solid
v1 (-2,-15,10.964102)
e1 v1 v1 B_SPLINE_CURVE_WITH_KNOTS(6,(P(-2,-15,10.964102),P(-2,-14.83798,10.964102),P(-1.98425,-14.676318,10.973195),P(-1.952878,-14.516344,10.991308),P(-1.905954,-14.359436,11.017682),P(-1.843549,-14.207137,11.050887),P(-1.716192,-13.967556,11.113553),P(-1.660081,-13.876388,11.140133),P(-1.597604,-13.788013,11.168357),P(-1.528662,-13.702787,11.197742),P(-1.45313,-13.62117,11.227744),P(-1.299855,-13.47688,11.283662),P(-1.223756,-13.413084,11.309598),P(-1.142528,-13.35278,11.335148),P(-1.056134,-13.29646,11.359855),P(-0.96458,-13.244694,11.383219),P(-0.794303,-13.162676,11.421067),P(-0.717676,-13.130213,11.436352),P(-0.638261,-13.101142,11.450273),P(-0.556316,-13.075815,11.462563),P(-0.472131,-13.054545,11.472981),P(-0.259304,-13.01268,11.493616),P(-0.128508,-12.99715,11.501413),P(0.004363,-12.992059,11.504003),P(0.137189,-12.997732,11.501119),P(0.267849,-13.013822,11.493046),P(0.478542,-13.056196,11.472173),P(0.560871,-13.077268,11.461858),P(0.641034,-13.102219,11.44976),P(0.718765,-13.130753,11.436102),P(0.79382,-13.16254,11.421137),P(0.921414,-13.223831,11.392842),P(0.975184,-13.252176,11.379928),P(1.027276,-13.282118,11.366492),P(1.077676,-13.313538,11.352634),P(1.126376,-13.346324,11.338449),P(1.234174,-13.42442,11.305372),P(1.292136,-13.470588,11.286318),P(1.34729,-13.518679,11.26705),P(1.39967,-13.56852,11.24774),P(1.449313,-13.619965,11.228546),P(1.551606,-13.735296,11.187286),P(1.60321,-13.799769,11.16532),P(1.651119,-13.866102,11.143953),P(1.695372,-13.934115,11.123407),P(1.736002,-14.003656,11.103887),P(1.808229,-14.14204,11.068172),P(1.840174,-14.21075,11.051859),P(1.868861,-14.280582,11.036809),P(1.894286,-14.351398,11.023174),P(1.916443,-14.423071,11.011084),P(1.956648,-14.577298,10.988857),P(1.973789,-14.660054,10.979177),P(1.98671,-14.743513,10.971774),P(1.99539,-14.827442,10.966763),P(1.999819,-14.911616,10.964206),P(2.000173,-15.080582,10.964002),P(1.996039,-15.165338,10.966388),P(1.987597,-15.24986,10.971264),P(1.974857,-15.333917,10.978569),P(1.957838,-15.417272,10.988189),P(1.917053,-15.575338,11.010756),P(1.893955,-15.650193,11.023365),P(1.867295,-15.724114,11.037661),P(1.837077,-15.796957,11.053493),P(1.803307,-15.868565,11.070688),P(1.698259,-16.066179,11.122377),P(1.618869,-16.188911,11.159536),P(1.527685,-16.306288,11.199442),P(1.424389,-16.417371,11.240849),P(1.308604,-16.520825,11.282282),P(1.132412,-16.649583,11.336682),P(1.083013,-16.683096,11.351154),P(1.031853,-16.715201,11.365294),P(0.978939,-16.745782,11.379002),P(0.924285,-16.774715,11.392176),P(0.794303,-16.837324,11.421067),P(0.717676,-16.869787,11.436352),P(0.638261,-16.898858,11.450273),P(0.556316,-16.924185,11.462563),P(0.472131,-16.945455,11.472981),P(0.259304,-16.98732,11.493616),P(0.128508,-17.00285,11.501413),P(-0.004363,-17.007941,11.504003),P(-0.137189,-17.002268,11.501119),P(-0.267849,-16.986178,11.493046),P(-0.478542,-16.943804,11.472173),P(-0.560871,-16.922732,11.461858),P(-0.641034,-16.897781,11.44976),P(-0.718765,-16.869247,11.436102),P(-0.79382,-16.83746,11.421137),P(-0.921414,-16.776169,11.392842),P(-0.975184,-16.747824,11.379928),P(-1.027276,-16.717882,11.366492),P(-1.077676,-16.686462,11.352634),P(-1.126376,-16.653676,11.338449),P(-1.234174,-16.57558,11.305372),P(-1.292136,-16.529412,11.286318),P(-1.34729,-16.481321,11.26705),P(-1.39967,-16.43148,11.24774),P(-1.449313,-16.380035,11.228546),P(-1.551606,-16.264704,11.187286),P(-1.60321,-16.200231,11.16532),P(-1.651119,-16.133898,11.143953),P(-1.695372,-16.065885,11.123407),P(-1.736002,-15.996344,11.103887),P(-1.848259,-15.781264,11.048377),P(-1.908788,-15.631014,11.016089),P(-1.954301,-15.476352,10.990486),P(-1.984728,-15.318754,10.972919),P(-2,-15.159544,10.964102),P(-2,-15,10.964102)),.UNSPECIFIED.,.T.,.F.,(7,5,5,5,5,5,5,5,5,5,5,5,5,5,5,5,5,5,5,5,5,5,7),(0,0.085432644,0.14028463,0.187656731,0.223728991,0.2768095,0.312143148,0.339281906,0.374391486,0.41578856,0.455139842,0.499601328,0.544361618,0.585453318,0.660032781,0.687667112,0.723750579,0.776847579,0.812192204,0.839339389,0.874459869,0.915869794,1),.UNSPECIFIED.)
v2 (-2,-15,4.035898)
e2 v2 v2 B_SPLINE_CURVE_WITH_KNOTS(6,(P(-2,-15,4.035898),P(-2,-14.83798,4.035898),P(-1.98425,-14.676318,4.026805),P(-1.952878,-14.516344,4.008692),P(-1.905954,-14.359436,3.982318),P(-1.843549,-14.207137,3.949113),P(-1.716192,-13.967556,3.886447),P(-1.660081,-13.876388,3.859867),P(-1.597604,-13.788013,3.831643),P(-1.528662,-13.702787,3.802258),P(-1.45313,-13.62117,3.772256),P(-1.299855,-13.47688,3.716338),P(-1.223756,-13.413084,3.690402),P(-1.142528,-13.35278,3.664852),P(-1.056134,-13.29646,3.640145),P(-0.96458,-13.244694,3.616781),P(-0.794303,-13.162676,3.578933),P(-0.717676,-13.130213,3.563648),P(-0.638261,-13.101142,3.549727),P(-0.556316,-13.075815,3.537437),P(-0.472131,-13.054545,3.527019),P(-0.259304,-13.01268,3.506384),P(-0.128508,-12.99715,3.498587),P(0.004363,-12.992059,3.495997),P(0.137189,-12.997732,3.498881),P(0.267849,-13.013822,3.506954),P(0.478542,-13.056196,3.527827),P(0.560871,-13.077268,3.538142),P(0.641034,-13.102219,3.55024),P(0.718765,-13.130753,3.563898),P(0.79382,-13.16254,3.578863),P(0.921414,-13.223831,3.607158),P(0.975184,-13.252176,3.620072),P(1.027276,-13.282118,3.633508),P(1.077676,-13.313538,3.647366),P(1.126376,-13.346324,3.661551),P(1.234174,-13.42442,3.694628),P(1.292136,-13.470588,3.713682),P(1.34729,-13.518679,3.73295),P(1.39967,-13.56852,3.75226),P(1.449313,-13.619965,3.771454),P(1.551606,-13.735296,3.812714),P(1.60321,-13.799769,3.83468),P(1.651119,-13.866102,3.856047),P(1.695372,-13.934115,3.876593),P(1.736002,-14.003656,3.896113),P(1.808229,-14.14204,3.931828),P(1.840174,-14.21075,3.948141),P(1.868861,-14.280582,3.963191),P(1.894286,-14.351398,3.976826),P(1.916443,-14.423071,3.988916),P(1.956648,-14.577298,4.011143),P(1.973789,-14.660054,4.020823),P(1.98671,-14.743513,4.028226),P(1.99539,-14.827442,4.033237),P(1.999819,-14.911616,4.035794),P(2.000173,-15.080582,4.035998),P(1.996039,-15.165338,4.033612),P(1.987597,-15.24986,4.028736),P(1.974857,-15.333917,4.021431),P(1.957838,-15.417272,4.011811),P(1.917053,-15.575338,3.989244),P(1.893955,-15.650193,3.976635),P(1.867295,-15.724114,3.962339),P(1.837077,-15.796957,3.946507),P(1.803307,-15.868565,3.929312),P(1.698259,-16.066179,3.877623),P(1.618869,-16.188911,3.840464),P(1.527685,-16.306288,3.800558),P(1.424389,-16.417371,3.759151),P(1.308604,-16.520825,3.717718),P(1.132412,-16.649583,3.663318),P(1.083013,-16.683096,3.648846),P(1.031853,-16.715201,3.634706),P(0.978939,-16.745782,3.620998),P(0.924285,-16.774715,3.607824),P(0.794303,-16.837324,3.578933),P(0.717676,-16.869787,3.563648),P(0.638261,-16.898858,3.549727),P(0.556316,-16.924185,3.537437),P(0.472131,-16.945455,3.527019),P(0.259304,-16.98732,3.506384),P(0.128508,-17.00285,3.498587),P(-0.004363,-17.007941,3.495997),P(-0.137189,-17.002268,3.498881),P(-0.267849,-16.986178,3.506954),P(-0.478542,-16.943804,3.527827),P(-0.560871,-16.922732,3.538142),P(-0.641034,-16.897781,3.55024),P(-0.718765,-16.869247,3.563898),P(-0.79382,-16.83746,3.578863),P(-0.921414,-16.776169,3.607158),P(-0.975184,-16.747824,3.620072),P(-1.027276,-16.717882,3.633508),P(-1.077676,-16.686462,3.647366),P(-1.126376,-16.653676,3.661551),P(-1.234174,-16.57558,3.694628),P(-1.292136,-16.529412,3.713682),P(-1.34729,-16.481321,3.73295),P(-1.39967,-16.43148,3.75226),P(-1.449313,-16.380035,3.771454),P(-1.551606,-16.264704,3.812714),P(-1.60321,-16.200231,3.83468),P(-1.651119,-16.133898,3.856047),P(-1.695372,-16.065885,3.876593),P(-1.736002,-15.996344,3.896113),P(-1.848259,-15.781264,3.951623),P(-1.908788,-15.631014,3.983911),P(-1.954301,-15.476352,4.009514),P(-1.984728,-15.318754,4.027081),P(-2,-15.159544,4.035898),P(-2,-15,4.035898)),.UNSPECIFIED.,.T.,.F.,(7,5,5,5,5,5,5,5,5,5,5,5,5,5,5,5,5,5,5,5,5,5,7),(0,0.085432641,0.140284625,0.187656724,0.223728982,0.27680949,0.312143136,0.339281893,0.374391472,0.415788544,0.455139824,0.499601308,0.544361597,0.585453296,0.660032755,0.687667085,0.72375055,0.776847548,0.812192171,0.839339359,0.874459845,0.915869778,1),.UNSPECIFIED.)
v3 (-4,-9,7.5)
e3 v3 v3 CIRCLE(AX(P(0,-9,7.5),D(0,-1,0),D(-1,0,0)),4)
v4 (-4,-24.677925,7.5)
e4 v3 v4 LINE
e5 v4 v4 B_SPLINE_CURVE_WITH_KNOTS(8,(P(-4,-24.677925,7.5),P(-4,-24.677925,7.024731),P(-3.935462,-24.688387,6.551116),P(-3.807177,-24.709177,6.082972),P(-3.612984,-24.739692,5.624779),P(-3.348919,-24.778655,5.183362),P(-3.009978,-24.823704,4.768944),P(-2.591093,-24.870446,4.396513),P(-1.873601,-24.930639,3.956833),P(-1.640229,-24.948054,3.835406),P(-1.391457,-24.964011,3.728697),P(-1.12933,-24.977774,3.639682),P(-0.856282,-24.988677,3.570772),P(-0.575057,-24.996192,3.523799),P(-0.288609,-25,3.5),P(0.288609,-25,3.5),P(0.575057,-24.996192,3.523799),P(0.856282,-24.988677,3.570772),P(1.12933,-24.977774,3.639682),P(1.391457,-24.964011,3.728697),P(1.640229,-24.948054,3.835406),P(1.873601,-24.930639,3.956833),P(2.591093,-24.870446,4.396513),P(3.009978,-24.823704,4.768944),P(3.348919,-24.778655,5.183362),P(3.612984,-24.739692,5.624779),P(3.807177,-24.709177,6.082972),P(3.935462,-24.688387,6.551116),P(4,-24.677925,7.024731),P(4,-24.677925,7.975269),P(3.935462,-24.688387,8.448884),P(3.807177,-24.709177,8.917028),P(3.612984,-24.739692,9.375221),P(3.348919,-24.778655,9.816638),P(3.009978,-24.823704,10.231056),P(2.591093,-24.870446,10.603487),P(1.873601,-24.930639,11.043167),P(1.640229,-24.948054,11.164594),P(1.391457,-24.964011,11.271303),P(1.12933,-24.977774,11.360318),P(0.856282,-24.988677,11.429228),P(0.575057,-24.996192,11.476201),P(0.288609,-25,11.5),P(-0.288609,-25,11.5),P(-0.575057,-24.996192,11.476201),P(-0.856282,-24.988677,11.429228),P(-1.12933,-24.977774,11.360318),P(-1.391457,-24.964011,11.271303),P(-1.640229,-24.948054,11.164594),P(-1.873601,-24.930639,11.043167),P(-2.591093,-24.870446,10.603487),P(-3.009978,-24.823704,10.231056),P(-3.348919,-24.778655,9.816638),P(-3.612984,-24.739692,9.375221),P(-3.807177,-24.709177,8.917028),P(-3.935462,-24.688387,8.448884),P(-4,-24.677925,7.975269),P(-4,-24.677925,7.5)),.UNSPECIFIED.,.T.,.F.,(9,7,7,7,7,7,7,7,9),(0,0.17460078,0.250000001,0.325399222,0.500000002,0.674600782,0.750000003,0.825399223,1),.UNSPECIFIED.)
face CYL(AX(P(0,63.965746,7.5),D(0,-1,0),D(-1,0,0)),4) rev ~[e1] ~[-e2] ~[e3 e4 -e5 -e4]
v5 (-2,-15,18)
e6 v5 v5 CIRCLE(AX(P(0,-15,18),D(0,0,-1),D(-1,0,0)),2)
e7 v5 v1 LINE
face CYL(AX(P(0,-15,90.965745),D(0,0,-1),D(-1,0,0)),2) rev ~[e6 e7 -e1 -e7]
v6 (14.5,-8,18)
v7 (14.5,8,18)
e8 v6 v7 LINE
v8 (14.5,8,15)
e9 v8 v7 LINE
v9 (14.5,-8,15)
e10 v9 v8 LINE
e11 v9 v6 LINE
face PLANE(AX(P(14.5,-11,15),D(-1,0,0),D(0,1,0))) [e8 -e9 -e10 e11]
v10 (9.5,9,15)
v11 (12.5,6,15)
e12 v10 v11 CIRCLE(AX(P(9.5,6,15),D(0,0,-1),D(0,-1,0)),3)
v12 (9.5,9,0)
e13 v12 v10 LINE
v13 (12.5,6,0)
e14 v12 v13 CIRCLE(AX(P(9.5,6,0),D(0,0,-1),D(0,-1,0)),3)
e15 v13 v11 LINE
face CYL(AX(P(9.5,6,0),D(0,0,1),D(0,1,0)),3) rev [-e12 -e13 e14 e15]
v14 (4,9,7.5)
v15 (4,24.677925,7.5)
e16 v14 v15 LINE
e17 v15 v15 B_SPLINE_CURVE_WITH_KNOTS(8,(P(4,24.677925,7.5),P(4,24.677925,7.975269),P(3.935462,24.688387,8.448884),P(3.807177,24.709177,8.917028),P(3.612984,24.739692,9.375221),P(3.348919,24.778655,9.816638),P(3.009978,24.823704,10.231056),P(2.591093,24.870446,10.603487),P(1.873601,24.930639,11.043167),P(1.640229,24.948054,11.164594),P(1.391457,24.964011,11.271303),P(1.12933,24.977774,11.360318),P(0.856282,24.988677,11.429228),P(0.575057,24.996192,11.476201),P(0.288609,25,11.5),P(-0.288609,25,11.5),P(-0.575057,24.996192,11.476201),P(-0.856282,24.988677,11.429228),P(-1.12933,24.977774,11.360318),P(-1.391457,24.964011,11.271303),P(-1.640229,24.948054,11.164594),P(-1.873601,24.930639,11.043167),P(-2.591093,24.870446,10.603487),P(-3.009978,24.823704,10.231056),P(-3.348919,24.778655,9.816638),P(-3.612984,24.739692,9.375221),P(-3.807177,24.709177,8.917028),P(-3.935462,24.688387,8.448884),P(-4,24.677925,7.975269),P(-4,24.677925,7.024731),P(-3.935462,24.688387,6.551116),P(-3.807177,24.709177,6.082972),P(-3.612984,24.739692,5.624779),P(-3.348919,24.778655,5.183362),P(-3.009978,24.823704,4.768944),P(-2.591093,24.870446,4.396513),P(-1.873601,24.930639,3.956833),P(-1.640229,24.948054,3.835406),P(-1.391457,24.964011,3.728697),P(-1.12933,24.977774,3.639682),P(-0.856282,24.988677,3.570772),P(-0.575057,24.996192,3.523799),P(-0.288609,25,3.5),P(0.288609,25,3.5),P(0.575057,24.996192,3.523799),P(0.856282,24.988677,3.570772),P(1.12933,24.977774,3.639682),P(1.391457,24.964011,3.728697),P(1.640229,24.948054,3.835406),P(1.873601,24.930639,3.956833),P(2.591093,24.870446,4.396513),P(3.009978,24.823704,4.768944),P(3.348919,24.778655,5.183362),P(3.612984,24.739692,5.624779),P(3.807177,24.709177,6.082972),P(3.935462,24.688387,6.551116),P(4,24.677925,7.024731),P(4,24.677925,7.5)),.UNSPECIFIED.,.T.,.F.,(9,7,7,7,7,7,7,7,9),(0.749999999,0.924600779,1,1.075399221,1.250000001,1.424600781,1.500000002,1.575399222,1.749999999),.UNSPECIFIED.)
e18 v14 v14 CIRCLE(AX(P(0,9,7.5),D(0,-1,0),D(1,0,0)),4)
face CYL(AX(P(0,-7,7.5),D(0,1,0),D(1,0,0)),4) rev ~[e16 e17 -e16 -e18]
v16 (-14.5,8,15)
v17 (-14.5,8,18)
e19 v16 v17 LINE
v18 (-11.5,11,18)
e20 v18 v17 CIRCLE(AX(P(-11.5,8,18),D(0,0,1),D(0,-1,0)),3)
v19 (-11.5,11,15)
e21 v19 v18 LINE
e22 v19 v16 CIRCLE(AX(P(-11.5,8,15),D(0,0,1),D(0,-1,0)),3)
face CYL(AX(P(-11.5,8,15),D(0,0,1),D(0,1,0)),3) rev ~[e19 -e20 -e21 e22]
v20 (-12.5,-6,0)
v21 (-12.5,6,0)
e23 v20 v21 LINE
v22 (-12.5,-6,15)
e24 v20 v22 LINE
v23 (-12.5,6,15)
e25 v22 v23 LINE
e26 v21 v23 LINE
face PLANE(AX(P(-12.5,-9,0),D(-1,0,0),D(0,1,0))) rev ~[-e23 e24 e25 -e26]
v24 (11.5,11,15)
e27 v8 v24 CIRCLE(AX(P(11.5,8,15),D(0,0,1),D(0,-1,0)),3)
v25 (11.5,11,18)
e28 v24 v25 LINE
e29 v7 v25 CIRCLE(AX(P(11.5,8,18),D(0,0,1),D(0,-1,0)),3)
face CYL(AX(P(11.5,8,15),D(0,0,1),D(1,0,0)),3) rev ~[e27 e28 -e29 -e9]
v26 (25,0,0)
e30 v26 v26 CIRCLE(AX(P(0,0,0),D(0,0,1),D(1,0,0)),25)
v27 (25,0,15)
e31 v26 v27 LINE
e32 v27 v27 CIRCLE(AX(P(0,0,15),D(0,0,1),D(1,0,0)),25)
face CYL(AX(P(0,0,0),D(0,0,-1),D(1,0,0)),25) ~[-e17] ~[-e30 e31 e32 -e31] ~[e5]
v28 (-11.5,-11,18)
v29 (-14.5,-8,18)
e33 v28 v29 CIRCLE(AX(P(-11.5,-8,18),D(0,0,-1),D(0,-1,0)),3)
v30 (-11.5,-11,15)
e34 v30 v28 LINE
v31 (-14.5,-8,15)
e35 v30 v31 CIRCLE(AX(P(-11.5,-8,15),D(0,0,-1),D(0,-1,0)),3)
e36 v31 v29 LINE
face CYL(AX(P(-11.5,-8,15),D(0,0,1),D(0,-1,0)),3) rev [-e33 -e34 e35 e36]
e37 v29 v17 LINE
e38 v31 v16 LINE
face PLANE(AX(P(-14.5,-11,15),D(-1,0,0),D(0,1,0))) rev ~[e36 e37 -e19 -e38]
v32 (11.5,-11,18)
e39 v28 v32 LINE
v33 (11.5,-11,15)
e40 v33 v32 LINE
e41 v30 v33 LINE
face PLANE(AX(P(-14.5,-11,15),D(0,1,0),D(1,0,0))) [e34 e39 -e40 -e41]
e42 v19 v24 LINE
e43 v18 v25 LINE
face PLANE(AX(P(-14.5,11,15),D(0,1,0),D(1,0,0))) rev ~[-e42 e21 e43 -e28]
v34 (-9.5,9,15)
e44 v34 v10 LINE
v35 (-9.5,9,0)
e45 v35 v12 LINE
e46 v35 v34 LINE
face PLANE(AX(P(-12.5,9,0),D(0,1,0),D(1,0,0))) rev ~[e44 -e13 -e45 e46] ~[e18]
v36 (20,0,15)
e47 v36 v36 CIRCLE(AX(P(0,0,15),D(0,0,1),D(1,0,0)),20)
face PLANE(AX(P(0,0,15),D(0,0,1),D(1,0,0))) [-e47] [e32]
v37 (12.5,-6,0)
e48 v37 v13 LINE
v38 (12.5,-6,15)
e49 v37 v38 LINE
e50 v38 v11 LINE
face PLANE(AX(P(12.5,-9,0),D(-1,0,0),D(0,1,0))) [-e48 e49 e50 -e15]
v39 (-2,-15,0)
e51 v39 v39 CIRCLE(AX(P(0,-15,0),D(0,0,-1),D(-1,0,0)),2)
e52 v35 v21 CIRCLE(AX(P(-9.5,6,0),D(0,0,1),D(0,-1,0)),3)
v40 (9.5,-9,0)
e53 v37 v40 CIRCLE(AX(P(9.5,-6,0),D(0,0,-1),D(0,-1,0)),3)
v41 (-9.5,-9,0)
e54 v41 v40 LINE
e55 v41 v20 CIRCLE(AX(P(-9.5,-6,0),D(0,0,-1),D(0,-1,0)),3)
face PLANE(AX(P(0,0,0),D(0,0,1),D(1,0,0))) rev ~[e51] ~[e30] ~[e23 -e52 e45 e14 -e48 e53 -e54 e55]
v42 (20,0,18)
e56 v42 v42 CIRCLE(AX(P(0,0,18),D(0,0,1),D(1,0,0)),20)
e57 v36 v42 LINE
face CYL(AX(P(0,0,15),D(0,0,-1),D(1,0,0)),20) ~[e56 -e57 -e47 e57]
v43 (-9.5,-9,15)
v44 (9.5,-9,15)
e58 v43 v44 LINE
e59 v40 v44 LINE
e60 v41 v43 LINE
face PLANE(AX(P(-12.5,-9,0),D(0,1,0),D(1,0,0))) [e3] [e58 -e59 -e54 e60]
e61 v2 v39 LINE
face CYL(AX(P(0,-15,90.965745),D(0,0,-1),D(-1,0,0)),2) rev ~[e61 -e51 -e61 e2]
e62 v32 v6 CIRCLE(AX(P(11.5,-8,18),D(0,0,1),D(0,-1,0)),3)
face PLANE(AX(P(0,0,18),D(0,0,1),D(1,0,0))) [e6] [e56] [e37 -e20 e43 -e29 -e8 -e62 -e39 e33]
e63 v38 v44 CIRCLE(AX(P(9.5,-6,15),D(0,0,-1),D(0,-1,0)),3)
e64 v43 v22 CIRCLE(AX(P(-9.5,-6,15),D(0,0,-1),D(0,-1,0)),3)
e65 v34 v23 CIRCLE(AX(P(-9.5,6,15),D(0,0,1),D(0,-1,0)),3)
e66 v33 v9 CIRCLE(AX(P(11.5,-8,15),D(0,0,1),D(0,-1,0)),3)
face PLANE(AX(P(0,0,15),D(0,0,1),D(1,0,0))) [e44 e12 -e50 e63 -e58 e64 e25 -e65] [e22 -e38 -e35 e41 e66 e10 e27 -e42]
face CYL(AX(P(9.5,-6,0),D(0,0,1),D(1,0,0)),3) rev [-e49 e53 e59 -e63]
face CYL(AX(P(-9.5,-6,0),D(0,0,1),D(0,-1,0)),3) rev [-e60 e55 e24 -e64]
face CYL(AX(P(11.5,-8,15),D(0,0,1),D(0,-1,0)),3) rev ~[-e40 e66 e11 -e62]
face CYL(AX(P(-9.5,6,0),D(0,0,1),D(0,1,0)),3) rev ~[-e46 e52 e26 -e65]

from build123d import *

# Parameters (mm, degrees)
SKETCH1_R                 = 25
SKETCH1_W                 = 25
SKETCH1_H                 = 18
BOSS_EXTRUDE1_DEPTH       = 15
SKETCH2_R                 = 20
SKETCH2_W                 = 29
SKETCH2_H                 = 22
BOSS_EXTRUDE2_DEPTH       = 3
F_4_0MM_DOWEL_HOLE1_D     = 4
F_8_0MM_DOWEL_HOLE1_D     = 8
F_8_0MM_DOWEL_HOLE1_DEPTH = 16
F_8_0MM_DOWEL_HOLE2_D     = 8
FILLET1_R                 = 3


with BuildPart() as part:
    # Sketch1 → Boss-Extrude1 (new body)
    with BuildSketch(Plane.XY):
        Circle(SKETCH1_R)
        Rectangle(SKETCH1_W, SKETCH1_H, mode=Mode.SUBTRACT)
    extrude(amount=BOSS_EXTRUDE1_DEPTH)

    # Sketch2 → Boss-Extrude2 (add)
    with BuildSketch(Plane.XY.offset(15)):
        Circle(SKETCH2_R)
        Rectangle(SKETCH2_W, SKETCH2_H, mode=Mode.SUBTRACT)
    extrude(amount=BOSS_EXTRUDE2_DEPTH)

    # Ø4.0mm Dowel Hole1 (through all)
    with Locations(Plane.XY.offset(18)):
        with Locations((0, -15)):
            Hole(F_4_0MM_DOWEL_HOLE1_D / 2)

    # Ø8.0mm Dowel Hole1
    with Locations(Plane(origin=(0, 9, 0), x_dir=(-1, 0, 0), z_dir=(0, -1, 0))):
        with Locations((0, -7.5)):
            Hole(F_8_0MM_DOWEL_HOLE1_D / 2, depth=F_8_0MM_DOWEL_HOLE1_DEPTH)

    # Ø8.0mm Dowel Hole2 (through all)
    with Locations(Plane(origin=(0, -9, 0), x_dir=(1, 0, 0), z_dir=(0, 1, 0))):
        with Locations((0, -7.5)):
            Hole(F_8_0MM_DOWEL_HOLE2_D / 2)

    # Fillet1
    fillet1_edges = [part.edges().sort_by_distance(p)[0] for p in [
        (14.5, 11, 16.5),
        (-14.5, 11, 16.5),
        (-14.5, -11, 16.5),
        (14.5, -11, 16.5),
        (-12.5, 9, 7.5),
        (-12.5, -9, 7.5),
        (12.5, -9, 7.5),
        (12.5, 9, 7.5),
    ]]
    fillet(fillet1_edges, radius=FILLET1_R)


solid = part.part
